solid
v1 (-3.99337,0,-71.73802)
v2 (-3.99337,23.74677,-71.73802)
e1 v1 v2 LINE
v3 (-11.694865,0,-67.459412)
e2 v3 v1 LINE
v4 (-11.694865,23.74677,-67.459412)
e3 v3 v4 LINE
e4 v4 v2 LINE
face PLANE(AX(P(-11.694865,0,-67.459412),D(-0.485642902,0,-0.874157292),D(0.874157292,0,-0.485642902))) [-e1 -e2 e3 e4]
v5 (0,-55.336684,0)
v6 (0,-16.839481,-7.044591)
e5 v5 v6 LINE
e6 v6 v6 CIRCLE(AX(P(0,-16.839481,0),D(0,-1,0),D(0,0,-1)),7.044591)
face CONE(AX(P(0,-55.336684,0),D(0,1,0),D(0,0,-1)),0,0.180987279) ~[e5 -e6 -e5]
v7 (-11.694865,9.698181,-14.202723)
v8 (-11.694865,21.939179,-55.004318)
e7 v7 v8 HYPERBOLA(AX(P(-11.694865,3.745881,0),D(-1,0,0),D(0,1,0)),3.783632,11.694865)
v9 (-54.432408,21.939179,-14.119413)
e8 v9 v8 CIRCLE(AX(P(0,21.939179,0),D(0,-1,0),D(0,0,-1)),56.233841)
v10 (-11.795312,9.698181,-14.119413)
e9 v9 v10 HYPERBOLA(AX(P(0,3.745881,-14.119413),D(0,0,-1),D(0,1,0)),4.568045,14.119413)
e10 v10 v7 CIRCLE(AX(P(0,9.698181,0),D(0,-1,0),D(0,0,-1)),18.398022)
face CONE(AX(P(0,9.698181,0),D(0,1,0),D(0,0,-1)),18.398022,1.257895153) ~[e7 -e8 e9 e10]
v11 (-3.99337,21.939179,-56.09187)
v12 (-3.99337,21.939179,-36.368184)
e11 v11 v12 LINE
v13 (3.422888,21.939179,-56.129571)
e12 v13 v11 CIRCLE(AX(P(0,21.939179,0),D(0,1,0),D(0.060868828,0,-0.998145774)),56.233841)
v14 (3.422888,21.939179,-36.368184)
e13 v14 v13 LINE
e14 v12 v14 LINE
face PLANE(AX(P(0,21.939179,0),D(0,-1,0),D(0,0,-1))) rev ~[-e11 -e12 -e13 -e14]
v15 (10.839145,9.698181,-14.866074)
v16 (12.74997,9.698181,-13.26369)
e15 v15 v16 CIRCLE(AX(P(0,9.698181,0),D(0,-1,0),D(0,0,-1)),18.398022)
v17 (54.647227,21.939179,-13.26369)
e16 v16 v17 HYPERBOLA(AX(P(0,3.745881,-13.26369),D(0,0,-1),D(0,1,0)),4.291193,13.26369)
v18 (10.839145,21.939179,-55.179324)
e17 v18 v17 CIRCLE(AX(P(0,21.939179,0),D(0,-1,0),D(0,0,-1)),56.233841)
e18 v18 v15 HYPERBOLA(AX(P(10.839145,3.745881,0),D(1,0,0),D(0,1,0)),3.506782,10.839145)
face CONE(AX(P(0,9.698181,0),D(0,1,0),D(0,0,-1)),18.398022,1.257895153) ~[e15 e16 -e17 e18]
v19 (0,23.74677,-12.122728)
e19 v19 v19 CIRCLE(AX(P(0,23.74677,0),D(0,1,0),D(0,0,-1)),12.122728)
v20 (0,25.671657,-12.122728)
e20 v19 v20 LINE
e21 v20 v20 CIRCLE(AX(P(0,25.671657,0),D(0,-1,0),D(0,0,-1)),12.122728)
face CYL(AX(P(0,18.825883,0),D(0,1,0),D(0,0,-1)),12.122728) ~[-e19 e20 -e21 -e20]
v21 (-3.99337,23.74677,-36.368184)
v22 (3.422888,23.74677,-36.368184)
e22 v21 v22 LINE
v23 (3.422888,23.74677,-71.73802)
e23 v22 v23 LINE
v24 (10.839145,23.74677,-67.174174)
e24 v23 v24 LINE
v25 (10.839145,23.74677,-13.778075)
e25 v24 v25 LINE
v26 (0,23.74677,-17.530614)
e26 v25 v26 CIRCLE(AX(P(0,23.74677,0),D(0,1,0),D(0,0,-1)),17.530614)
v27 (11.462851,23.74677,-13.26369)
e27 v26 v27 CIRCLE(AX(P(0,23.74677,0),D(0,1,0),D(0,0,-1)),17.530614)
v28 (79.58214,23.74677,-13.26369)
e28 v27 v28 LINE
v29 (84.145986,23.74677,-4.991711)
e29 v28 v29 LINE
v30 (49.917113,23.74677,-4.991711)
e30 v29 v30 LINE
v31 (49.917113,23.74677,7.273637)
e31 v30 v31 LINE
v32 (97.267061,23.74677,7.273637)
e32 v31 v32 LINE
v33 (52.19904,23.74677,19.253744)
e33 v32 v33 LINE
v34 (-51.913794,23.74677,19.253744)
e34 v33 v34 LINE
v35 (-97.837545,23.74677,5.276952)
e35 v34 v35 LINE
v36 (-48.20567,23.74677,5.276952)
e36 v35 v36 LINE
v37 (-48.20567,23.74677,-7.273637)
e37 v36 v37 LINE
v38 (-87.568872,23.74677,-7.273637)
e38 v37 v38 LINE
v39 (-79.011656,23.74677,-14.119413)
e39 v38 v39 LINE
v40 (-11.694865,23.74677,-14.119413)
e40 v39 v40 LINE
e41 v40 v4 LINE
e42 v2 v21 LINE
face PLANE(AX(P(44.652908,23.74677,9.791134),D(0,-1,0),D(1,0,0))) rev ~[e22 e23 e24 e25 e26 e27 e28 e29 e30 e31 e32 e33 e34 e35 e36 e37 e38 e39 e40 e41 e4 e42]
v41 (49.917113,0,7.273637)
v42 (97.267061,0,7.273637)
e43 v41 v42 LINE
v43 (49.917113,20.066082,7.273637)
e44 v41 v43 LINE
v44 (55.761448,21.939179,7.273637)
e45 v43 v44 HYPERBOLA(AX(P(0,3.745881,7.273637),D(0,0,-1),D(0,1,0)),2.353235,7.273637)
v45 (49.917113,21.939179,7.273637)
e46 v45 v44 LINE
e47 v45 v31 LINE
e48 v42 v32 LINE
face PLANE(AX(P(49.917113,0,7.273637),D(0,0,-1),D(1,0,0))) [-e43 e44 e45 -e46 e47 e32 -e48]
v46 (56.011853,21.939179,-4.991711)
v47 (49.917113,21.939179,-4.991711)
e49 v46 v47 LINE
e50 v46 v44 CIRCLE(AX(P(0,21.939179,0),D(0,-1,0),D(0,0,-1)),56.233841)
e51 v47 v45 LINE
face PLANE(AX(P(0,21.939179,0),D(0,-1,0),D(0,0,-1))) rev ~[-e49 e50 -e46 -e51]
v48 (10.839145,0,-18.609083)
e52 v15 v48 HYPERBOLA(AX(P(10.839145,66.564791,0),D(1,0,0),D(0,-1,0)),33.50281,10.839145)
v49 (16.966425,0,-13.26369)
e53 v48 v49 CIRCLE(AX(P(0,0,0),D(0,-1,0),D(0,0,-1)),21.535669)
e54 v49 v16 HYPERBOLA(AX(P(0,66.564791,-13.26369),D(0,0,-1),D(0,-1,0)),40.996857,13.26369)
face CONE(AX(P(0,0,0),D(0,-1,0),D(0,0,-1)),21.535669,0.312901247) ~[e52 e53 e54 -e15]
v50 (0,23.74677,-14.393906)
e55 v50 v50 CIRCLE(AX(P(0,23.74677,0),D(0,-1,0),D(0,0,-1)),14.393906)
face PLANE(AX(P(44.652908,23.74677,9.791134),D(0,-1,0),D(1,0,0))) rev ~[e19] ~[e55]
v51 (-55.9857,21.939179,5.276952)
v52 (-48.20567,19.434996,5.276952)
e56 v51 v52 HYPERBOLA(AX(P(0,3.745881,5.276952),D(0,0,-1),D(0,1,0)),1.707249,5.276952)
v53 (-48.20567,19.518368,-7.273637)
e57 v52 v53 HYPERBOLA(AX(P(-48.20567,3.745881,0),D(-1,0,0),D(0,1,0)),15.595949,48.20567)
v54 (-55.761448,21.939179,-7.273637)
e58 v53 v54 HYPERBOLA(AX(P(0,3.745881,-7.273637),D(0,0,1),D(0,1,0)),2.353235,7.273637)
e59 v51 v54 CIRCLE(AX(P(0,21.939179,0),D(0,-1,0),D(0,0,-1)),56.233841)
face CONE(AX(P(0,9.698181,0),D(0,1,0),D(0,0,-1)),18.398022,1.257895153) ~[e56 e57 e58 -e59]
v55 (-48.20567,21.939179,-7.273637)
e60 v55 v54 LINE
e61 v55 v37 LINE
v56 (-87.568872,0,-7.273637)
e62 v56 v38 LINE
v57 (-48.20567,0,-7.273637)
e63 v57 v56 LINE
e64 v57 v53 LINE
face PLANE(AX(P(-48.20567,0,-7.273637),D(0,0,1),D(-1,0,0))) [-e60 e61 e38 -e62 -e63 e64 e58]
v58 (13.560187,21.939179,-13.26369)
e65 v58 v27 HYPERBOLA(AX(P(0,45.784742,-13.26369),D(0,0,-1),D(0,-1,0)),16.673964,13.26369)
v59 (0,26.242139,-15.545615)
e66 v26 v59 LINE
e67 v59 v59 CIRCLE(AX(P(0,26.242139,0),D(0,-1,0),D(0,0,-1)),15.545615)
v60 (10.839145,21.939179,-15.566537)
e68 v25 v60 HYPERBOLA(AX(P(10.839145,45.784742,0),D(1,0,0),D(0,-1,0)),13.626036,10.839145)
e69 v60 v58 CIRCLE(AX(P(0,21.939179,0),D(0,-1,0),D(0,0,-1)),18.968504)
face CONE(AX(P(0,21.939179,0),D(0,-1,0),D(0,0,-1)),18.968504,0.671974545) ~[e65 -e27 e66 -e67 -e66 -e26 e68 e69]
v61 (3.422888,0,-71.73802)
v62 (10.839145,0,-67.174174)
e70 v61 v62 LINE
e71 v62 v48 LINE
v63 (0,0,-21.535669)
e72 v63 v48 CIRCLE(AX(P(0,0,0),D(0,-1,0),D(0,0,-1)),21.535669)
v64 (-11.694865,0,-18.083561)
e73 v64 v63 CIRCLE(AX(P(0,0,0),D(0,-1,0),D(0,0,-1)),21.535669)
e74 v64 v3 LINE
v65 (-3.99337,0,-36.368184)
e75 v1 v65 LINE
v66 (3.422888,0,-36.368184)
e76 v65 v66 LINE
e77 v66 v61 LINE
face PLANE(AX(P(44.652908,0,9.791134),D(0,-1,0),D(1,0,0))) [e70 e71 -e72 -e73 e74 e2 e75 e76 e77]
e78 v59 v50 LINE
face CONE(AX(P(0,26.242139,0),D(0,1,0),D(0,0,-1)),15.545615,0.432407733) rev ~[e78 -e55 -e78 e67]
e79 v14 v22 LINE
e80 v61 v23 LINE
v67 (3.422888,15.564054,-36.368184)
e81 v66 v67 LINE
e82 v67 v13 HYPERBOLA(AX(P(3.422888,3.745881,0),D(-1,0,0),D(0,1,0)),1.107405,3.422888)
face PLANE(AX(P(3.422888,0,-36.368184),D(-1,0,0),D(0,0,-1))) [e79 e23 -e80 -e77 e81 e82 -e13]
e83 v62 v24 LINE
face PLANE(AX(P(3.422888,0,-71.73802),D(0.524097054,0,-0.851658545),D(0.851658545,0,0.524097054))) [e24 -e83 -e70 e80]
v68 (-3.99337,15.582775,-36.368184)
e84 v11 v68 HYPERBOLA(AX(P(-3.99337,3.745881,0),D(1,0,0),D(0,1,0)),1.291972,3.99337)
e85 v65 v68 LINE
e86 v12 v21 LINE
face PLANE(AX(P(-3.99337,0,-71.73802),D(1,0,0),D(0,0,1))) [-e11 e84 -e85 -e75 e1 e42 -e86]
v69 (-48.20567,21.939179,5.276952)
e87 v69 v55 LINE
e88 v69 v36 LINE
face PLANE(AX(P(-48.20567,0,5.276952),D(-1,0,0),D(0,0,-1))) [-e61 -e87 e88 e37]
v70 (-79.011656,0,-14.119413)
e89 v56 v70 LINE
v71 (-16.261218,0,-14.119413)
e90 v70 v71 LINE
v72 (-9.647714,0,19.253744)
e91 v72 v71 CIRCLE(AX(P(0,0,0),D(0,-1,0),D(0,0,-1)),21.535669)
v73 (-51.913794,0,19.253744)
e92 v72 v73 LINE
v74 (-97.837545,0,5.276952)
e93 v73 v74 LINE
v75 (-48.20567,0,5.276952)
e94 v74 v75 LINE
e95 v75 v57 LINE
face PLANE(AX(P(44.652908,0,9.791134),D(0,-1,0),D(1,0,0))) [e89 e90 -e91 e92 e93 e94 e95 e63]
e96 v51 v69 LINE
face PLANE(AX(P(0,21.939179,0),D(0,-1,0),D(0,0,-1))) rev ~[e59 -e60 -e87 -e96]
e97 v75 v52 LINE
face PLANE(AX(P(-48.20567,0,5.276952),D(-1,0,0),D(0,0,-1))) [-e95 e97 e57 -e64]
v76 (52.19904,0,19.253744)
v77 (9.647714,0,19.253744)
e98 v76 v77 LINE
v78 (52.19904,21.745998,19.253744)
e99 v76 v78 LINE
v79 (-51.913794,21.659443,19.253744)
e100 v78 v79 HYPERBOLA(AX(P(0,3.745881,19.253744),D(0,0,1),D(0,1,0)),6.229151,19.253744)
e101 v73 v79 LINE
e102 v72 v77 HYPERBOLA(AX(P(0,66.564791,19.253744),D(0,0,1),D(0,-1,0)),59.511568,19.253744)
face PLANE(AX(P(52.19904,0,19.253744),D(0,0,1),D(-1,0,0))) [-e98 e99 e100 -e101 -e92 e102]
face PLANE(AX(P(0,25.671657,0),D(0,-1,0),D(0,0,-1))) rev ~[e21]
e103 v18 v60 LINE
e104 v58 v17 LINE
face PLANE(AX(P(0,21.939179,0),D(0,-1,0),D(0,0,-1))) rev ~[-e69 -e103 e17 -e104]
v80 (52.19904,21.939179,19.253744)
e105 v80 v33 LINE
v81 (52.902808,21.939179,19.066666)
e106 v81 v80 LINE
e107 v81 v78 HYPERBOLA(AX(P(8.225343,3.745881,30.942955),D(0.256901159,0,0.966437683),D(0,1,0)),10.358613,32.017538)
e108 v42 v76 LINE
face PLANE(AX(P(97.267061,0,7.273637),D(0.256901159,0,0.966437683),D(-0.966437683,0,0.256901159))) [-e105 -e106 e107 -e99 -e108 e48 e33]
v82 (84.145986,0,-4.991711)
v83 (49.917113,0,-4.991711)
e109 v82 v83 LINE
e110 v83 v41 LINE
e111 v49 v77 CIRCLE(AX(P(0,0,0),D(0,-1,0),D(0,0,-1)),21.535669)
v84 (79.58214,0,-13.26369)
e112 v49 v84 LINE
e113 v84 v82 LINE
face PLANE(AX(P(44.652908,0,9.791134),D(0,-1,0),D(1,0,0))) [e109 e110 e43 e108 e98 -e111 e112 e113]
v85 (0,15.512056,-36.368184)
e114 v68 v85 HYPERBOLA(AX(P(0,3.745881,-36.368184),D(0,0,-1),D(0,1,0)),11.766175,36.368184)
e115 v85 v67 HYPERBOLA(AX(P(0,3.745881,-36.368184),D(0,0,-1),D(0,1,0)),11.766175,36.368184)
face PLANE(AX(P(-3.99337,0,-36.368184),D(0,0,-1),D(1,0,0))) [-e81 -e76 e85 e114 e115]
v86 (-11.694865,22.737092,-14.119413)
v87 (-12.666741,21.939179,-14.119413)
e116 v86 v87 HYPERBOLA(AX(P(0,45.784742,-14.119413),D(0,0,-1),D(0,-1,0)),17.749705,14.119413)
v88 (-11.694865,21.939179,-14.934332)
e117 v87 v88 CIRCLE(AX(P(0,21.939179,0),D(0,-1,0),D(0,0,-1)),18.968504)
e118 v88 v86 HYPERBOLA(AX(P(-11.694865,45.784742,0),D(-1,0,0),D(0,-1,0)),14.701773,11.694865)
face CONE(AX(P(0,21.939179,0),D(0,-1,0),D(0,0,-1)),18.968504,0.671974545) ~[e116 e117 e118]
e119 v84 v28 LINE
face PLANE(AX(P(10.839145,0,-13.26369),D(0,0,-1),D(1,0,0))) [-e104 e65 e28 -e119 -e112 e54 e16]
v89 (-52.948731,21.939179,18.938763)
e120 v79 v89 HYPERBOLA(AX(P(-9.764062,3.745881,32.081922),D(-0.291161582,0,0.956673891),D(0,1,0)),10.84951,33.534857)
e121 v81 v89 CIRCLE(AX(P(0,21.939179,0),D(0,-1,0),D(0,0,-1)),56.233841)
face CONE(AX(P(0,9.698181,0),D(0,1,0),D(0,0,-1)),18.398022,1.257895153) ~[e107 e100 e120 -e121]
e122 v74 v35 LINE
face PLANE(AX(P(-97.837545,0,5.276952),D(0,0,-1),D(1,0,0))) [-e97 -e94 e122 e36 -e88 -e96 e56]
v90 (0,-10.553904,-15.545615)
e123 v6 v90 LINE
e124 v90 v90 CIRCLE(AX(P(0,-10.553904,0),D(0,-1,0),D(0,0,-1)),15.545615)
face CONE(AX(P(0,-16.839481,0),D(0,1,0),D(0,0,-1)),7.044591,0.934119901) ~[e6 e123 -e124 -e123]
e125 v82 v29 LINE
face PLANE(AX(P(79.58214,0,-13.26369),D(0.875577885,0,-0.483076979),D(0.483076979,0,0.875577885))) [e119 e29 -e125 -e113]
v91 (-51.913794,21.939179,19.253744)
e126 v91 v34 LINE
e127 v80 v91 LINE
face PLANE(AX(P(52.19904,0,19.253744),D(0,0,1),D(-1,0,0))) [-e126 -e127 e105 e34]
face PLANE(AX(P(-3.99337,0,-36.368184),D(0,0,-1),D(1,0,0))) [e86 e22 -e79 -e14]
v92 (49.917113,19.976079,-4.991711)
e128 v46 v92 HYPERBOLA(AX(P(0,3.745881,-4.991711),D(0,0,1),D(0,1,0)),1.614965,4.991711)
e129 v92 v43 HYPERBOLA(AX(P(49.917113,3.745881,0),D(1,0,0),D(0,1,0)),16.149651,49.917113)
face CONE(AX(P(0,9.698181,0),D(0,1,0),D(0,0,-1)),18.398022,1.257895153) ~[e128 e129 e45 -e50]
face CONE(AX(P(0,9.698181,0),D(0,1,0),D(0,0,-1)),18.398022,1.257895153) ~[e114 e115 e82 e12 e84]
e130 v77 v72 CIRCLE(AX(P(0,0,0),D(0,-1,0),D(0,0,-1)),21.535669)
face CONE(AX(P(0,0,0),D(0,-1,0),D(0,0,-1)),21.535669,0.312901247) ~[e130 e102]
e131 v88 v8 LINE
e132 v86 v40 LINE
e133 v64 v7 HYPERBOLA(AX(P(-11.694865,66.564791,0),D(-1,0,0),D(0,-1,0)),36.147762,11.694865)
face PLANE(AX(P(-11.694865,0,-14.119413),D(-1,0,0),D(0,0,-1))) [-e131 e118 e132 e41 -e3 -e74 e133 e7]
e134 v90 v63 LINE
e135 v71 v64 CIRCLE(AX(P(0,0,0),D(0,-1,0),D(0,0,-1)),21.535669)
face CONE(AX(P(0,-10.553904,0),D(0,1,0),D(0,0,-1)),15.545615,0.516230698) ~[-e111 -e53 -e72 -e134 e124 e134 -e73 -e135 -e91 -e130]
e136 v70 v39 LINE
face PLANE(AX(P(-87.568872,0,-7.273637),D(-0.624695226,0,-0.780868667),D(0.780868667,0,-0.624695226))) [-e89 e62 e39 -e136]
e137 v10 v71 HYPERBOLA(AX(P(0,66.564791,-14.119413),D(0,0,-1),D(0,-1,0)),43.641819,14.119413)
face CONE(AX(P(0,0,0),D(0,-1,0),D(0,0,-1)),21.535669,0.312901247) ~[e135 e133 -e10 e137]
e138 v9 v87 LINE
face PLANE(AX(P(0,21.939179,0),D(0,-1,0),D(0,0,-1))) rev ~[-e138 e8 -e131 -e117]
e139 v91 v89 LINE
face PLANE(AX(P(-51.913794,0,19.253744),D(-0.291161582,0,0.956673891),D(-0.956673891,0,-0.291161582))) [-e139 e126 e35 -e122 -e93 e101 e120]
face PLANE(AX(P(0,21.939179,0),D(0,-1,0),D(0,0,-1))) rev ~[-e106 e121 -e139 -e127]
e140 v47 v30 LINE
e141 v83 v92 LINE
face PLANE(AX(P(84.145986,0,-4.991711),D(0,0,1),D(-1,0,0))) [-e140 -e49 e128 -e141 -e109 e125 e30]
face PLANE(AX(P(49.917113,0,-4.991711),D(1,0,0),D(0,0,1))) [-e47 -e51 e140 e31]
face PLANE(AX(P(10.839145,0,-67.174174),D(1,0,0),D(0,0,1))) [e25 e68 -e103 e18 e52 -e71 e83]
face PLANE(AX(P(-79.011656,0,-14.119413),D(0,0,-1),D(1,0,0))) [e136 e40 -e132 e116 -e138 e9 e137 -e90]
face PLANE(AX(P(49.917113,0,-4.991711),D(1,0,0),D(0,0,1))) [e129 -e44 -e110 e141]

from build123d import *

# Parameters (mm, degrees)
F3_DEPTH = 23.74677


with BuildPart() as f1:
    # F0 (on Right) → F1 (revolve)
    with BuildSketch(Plane.YZ):
        Polygon((0, 0), (-55.336684, 0), (-16.839481, -7.044591), (-10.553904, -15.545615), (0, -21.535669), (9.698181, -18.398022), (21.939179, -56.233841), (21.939179, -18.968504), (26.242139, -15.545615), (18.825883, -12.122728), (25.671657, -12.122728), (25.671657, 0), align=None)
    revolve(axis=Axis((0, -27.668342, 0), (0, -1, 0)))

    # F2 (on Front) → F3 (join)
    with BuildSketch(Plane.XZ):
        Polygon((52.19904, 19.253744), (0, 19.253744), (0, 0), (49.917113, 0), (49.917113, 4.706471), (49.917113, 7.273637), (97.267061, 7.273637), align=None)
        Polygon((0, 0), (0, 19.253744), (-51.913794, 19.253744), (-97.837545, 5.276952), (-48.20567, 5.276952), (-48.20567, 0), align=None)
        Polygon((49.917113, 0), (0, 0), (0, -36.368184), (3.422888, -36.368184), (3.422888, -71.73802), (10.839145, -67.174174), (10.839145, -13.26369), (79.58214, -13.26369), (84.145986, -4.991711), (49.917113, -4.991711), align=None)
        Polygon((0, -36.368184), (0, 0), (-48.20567, 0), (-48.20567, -7.273637), (-87.568872, -7.273637), (-79.011656, -14.119413), (-11.694865, -14.119413), (-11.694865, -67.459412), (-3.99337, -71.73802), (-3.99337, -36.368184), align=None)
    extrude(amount=-F3_DEPTH)


solid = f1.part
